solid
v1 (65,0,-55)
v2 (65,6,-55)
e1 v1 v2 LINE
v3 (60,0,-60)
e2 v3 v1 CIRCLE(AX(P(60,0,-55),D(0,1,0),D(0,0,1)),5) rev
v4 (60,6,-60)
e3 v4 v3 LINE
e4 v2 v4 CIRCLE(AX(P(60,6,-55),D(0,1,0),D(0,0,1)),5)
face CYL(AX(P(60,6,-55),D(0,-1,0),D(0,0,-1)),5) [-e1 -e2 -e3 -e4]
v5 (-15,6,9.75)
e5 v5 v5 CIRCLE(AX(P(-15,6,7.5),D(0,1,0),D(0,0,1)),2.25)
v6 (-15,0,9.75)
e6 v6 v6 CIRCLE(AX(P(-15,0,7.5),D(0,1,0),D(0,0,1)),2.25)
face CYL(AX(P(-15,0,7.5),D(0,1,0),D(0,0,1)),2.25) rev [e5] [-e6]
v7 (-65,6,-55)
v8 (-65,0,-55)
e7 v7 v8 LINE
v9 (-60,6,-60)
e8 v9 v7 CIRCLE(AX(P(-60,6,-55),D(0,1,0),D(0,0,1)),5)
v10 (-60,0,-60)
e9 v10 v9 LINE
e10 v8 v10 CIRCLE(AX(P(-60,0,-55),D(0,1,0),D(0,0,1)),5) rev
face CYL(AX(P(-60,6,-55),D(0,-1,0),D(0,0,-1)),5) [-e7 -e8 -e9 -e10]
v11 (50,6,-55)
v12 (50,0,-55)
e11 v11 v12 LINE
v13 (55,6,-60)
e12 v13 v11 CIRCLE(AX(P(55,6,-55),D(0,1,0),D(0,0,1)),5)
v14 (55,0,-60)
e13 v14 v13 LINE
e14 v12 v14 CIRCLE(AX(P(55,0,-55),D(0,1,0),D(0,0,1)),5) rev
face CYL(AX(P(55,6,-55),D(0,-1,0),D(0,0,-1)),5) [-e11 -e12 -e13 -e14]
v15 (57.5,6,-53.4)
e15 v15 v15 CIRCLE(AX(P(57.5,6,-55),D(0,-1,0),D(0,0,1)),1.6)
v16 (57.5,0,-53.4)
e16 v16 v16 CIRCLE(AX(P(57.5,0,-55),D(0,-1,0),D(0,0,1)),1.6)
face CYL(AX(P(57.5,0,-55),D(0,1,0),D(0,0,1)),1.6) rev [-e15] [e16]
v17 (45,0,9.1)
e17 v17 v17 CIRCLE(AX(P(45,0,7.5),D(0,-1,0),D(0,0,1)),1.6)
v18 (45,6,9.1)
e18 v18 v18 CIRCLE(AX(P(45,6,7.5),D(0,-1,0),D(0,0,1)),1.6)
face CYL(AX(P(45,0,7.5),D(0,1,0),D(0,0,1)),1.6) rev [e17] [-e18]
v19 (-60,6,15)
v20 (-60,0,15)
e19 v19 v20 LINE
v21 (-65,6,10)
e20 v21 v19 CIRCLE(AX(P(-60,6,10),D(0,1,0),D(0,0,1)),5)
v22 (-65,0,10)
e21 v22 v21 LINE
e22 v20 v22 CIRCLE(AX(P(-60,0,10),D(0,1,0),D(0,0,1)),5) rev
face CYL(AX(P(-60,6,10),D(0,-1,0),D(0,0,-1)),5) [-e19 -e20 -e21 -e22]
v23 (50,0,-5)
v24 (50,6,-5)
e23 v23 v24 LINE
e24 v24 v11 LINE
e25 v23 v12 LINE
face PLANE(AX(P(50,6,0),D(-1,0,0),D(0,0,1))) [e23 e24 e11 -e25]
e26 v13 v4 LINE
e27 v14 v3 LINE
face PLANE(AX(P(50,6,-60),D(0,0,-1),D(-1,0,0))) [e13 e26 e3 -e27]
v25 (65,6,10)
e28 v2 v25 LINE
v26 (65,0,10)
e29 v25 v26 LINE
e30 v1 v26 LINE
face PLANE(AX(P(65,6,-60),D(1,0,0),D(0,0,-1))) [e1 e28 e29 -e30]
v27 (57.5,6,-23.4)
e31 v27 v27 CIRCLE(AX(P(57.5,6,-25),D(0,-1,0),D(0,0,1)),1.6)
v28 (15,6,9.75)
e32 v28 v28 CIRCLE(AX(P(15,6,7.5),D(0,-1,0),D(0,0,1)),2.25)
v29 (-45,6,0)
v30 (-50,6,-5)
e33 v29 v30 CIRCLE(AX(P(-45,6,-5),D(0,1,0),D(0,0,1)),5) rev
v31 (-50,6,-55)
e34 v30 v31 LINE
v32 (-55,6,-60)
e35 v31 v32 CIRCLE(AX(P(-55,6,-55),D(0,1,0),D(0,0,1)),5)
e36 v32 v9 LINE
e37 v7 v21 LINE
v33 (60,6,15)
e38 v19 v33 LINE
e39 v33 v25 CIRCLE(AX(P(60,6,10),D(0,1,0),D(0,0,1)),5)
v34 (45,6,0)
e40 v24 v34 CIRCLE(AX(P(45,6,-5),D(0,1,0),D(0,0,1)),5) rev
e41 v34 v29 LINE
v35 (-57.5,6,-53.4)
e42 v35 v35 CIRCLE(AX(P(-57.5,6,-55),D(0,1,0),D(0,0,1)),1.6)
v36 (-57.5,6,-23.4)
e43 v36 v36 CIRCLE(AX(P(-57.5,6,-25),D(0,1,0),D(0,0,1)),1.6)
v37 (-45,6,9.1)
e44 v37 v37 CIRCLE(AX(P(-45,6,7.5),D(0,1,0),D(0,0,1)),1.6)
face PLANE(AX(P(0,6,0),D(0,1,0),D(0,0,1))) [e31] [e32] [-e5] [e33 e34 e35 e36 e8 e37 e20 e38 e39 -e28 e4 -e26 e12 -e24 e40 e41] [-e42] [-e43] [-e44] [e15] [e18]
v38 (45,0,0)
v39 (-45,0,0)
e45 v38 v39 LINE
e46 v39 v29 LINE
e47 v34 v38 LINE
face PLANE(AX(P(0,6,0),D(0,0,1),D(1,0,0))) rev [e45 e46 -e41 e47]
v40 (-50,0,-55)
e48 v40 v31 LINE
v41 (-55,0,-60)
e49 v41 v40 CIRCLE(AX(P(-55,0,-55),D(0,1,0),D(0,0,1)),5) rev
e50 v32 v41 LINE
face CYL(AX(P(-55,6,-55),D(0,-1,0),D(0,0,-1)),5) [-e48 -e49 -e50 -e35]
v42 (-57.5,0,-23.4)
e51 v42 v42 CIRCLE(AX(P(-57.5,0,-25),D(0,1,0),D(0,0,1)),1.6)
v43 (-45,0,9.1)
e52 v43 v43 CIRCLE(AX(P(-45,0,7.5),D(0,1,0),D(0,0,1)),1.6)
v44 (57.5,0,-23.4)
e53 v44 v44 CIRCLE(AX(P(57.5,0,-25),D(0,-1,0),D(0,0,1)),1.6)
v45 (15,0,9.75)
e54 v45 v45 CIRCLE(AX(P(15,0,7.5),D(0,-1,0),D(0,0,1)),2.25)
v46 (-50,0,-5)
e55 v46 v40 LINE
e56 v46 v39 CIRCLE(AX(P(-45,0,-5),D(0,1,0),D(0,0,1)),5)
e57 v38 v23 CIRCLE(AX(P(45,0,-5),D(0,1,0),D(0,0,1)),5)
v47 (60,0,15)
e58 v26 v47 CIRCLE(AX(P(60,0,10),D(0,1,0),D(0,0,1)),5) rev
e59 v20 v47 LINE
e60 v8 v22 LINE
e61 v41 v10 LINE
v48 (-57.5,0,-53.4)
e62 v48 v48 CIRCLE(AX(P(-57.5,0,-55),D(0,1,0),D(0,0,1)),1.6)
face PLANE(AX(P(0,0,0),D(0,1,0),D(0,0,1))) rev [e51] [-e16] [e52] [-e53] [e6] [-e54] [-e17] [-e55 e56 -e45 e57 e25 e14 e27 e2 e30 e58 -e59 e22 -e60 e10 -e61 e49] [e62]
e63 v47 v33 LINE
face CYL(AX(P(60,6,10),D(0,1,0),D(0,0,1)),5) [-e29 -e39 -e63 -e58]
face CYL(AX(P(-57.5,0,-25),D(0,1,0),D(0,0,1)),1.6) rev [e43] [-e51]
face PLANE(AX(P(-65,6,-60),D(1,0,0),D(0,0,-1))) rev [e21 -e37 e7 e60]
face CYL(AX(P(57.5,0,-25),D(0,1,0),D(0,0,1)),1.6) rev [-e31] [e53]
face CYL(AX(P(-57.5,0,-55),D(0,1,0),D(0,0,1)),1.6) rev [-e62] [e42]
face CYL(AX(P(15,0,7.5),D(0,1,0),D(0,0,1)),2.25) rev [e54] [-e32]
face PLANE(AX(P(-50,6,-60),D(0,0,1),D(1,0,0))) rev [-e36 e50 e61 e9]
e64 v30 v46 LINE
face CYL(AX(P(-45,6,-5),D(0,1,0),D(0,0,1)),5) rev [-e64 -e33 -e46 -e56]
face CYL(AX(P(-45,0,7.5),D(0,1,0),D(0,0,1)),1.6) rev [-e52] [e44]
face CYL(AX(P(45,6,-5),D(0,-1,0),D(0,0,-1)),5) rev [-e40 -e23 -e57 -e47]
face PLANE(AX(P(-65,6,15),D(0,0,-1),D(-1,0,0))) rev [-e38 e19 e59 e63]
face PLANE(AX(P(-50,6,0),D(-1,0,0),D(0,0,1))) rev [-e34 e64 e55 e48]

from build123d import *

# Parameters (mm, degrees)
BOSS_EXTRUDE1_DEPTH  = 6
FILLET1_R            = 5
SKETCH2_R            = 2.25
SKETCH2_R_2          = 1.6
CUT_EXTRUDE1_DEPTH   = 89.662280593
FILLET1_OF_MIRROR1_R = 5


with BuildPart() as part:
    # Sketch1 → Boss-Extrude1 (new body)
    with BuildSketch(Plane(origin=(0, 0, 0), x_dir=(1, 0, 0), z_dir=(0, 1, 0))):
        Polygon((0, 0), (-50, 0), (-50, 60), (-65, 60), (-65, -15), (0, -15), align=None)
    boss_extrude1 = extrude(amount=BOSS_EXTRUDE1_DEPTH)

    # Fillet1
    fillet1_edges = [part.edges().sort_by_distance(p)[0] for p in [
        (-65, 3, 15),
        (-65, 3, -60),
        (-50, 3, -60),
        (-50, 3, 0),
    ]]
    fillet(fillet1_edges, radius=FILLET1_R)

    # Sketch2 → Cut-Extrude1 (cut, through all)
    with BuildSketch(Plane(origin=(0, 6, 0), x_dir=(1, 0, 0), z_dir=(0, 1, 0))):
        with Locations(Location((-15, -7.5, 0), (0, 0, 270))):
            Circle(SKETCH2_R)
        with Locations(Location((-45, -7.5, 0), (0, 0, 270))):
            Circle(SKETCH2_R_2)
        with Locations(Location((-57.5, 55, 0), (0, 0, 270))):
            Circle(SKETCH2_R_2)
        with Locations(Location((-57.5, 25, 0), (0, 0, 270))):
            Circle(SKETCH2_R_2)
    cut_extrude1 = extrude(amount=-CUT_EXTRUDE1_DEPTH, mode=Mode.SUBTRACT)

    # Mirror1: Boss-Extrude1, Cut-Extrude1 across plane
    add(boss_extrude1.mirror(Plane(origin=(0, 0, 0), x_dir=(0, 0, 1), z_dir=(1, 0, 0))))
    add(cut_extrude1.mirror(Plane(origin=(0, 0, 0), x_dir=(0, 0, 1), z_dir=(1, 0, 0))), mode=Mode.SUBTRACT)

    # Fillet1 of Mirror1
    fillet1_of_mirror1_edges = [part.edges().sort_by_distance(p)[0] for p in [
        (65, 3, 15),
        (65, 3, -60),
        (50, 3, -60),
        (50, 3, 0),
    ]]
    fillet(fillet1_of_mirror1_edges, radius=FILLET1_OF_MIRROR1_R)


solid = part.part
